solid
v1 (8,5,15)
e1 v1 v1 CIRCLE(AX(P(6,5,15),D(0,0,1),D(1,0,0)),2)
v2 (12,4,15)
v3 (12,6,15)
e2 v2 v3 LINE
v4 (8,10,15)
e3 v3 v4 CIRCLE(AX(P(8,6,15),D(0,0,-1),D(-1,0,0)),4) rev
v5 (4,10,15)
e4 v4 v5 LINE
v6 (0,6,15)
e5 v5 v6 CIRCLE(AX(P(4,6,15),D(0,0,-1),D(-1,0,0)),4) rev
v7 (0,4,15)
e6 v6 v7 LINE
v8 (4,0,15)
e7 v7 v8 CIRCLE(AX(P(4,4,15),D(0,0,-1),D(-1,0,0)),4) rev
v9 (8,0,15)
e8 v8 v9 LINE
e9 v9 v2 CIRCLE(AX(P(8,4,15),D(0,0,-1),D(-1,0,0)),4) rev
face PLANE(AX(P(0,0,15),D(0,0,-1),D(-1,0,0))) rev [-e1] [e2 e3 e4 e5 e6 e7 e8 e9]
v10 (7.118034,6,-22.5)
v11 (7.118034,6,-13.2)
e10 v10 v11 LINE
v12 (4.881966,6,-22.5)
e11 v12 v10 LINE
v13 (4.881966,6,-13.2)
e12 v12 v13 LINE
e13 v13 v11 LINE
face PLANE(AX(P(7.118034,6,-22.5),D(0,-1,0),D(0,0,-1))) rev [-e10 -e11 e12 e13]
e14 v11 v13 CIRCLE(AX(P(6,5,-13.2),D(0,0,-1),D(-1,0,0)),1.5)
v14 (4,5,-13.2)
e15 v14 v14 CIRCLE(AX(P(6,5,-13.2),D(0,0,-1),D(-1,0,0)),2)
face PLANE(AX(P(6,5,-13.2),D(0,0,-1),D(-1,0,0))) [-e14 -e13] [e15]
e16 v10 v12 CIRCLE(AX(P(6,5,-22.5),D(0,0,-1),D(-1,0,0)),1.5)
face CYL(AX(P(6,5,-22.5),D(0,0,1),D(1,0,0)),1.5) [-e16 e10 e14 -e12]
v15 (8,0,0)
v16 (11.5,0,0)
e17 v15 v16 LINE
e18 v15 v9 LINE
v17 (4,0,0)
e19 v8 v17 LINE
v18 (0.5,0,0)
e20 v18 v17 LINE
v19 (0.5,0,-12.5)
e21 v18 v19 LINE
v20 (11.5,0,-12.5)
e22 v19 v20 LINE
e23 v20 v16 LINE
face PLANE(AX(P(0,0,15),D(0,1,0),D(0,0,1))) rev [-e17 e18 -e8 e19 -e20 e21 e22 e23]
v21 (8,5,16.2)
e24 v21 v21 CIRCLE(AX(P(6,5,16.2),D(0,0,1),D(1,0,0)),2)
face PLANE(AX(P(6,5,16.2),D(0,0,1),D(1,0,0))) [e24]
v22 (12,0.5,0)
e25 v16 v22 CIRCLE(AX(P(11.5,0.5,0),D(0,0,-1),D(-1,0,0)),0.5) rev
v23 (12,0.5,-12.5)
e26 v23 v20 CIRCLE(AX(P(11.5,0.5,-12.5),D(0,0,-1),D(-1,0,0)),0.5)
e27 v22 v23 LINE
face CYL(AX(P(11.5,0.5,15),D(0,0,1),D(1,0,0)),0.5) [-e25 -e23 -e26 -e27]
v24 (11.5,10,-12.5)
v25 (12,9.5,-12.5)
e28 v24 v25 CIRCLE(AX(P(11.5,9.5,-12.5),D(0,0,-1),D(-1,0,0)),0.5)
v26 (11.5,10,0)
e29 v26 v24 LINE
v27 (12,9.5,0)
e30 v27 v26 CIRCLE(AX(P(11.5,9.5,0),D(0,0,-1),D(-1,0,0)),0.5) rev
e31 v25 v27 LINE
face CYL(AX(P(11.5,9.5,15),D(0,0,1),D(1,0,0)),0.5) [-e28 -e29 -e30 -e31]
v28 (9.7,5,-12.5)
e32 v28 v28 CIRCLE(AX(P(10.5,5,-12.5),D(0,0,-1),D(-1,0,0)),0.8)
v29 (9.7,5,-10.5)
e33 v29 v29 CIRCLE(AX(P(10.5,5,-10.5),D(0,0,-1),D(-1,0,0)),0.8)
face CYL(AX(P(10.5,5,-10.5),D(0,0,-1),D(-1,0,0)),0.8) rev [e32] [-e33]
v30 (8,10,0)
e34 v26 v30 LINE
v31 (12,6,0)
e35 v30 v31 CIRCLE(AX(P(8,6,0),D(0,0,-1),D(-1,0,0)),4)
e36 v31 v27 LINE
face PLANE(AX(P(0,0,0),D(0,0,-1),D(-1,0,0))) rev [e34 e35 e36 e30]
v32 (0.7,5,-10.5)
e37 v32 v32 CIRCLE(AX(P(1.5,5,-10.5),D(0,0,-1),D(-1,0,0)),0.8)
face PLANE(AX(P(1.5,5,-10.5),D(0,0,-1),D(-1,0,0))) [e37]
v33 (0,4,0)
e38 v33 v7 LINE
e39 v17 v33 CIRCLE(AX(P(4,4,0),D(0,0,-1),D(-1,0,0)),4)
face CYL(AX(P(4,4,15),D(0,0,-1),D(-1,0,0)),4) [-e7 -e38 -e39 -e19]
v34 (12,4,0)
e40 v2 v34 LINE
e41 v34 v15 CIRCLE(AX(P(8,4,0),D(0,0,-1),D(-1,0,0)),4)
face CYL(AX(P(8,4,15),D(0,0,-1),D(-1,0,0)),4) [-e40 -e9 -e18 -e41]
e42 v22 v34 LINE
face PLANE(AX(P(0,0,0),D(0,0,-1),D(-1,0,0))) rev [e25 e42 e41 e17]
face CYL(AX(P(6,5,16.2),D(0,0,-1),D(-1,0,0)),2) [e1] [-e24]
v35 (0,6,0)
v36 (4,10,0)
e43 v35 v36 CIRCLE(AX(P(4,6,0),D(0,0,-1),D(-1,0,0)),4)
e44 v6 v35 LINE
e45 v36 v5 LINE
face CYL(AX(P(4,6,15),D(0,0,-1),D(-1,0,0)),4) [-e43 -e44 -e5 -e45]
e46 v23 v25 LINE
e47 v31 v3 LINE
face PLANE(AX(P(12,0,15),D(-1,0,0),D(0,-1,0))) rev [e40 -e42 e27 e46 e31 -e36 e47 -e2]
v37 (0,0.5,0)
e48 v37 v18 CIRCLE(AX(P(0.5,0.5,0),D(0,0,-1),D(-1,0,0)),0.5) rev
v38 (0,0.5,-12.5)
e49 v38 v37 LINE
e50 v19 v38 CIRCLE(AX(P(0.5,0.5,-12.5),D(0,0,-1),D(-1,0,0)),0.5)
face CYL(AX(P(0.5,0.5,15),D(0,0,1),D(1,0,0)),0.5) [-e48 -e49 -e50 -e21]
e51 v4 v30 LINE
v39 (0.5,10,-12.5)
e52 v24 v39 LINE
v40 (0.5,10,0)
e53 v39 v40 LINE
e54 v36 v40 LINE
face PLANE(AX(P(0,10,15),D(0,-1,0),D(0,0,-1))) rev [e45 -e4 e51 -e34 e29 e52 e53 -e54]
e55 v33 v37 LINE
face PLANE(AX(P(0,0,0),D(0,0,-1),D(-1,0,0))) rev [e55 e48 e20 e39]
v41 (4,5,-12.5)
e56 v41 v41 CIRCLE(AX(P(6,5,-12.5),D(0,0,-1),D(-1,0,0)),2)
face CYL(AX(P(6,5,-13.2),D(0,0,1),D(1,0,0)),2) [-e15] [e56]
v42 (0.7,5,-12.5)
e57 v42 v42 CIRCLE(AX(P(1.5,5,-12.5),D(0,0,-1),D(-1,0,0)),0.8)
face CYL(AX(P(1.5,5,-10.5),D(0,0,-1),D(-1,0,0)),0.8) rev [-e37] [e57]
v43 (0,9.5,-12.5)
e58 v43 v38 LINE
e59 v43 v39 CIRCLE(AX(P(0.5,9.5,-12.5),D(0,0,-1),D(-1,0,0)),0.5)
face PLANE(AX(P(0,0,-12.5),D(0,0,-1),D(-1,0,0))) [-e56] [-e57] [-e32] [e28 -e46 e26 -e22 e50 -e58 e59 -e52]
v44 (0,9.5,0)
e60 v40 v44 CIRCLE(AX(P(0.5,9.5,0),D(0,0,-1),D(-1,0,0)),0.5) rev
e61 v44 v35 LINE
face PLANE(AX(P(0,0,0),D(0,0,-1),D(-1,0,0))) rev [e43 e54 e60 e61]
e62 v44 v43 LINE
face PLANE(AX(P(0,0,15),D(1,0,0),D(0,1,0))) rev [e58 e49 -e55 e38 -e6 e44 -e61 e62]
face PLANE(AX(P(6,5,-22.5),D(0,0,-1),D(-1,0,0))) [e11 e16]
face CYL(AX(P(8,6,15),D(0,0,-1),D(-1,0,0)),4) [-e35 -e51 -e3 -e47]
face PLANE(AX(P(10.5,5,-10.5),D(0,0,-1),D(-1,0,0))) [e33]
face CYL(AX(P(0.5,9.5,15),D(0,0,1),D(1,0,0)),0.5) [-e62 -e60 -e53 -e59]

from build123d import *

# Parameters (mm, degrees)
SKETCH1_W           = 12
SKETCH1_H           = 10
BOSS_EXTRUDE1_DEPTH = 15
FILLET1_R           = 4
SKETCH3_W           = 12
SKETCH3_H           = 10
BOSS_EXTRUDE2_DEPTH = 12.5
SKETCH4_R           = 2
BOSS_EXTRUDE3_DEPTH = 0.7
BOSS_EXTRUDE4_DEPTH = 9.3
SKETCH7_R           = 0.8
CUT_EXTRUDE1_DEPTH  = 2
BOSS_EXTRUDE5_START = 1.2
SKETCH8_R           = 2
BOSS_EXTRUDE5_DEPTH = 1.2
FILLET2_R           = 0.5


with BuildPart() as part:
    # Sketch1 → Boss-Extrude1 (new body)
    with BuildSketch(Plane.XY):
        with Locations((6, 5)):
            Rectangle(SKETCH1_W, SKETCH1_H)
    extrude(amount=BOSS_EXTRUDE1_DEPTH)

    # Fillet1
    fillet1_edges = [part.edges().sort_by_distance(p)[0] for p in [
        (0, 10, 7.5),
        (12, 10, 7.5),
        (12, 0, 7.5),
        (0, 0, 7.5),
    ]]
    fillet(fillet1_edges, radius=FILLET1_R)

    # Sketch3 → Boss-Extrude2 (add)
    with BuildSketch(Plane.XY):
        with Locations((6, 5)):
            Rectangle(SKETCH3_W, SKETCH3_H)
    extrude(amount=-BOSS_EXTRUDE2_DEPTH)

    # Sketch4 → Boss-Extrude3 (add)
    with BuildSketch(Plane(origin=(0, 0, -12.5), x_dir=(-1, 0, 0), z_dir=(0, 0, -1))):
        with Locations((-6, 5)):
            Circle(SKETCH4_R)
    extrude(amount=BOSS_EXTRUDE3_DEPTH)

    # Sketch5 → Boss-Extrude4 (add)
    with BuildSketch(Plane(origin=(0, 0, -13.2), x_dir=(-1, 0, 0), z_dir=(0, 0, -1))):
        with BuildLine():
            Line((-7.118033989, 6), (-4.881966011, 6))
            ThreePointArc((-4.881966011, 6), (-6, 3.5), (-7.118033989, 6))
        make_face()
    extrude(amount=BOSS_EXTRUDE4_DEPTH)

    # Sketch7 → Cut-Extrude1 (cut)
    with BuildSketch(Plane(origin=(0, 0, -12.5), x_dir=(-1, 0, 0), z_dir=(0, 0, -1))):
        with Locations((-10.5, 5)):
            Circle(SKETCH7_R)
        with Locations((-1.5, 5)):
            Circle(SKETCH7_R)
    extrude(amount=-CUT_EXTRUDE1_DEPTH, mode=Mode.SUBTRACT)

    # Sketch8 → Boss-Extrude5 (add)
    with BuildSketch(Plane.XY.offset(15).offset(BOSS_EXTRUDE5_START)):
        with Locations(Location((6, 5, 0), (0, 0, 180))):
            Circle(SKETCH8_R)
    extrude(amount=-BOSS_EXTRUDE5_DEPTH)

    # Fillet2
    fillet2_edges = [part.edges().sort_by_distance(p)[0] for p in [
        (0, 0, -6.25),
        (0, 10, -6.25),
        (12, 10, -6.25),
        (12, 0, -6.25),
    ]]
    fillet(fillet2_edges, radius=FILLET2_R)


solid = part.part
